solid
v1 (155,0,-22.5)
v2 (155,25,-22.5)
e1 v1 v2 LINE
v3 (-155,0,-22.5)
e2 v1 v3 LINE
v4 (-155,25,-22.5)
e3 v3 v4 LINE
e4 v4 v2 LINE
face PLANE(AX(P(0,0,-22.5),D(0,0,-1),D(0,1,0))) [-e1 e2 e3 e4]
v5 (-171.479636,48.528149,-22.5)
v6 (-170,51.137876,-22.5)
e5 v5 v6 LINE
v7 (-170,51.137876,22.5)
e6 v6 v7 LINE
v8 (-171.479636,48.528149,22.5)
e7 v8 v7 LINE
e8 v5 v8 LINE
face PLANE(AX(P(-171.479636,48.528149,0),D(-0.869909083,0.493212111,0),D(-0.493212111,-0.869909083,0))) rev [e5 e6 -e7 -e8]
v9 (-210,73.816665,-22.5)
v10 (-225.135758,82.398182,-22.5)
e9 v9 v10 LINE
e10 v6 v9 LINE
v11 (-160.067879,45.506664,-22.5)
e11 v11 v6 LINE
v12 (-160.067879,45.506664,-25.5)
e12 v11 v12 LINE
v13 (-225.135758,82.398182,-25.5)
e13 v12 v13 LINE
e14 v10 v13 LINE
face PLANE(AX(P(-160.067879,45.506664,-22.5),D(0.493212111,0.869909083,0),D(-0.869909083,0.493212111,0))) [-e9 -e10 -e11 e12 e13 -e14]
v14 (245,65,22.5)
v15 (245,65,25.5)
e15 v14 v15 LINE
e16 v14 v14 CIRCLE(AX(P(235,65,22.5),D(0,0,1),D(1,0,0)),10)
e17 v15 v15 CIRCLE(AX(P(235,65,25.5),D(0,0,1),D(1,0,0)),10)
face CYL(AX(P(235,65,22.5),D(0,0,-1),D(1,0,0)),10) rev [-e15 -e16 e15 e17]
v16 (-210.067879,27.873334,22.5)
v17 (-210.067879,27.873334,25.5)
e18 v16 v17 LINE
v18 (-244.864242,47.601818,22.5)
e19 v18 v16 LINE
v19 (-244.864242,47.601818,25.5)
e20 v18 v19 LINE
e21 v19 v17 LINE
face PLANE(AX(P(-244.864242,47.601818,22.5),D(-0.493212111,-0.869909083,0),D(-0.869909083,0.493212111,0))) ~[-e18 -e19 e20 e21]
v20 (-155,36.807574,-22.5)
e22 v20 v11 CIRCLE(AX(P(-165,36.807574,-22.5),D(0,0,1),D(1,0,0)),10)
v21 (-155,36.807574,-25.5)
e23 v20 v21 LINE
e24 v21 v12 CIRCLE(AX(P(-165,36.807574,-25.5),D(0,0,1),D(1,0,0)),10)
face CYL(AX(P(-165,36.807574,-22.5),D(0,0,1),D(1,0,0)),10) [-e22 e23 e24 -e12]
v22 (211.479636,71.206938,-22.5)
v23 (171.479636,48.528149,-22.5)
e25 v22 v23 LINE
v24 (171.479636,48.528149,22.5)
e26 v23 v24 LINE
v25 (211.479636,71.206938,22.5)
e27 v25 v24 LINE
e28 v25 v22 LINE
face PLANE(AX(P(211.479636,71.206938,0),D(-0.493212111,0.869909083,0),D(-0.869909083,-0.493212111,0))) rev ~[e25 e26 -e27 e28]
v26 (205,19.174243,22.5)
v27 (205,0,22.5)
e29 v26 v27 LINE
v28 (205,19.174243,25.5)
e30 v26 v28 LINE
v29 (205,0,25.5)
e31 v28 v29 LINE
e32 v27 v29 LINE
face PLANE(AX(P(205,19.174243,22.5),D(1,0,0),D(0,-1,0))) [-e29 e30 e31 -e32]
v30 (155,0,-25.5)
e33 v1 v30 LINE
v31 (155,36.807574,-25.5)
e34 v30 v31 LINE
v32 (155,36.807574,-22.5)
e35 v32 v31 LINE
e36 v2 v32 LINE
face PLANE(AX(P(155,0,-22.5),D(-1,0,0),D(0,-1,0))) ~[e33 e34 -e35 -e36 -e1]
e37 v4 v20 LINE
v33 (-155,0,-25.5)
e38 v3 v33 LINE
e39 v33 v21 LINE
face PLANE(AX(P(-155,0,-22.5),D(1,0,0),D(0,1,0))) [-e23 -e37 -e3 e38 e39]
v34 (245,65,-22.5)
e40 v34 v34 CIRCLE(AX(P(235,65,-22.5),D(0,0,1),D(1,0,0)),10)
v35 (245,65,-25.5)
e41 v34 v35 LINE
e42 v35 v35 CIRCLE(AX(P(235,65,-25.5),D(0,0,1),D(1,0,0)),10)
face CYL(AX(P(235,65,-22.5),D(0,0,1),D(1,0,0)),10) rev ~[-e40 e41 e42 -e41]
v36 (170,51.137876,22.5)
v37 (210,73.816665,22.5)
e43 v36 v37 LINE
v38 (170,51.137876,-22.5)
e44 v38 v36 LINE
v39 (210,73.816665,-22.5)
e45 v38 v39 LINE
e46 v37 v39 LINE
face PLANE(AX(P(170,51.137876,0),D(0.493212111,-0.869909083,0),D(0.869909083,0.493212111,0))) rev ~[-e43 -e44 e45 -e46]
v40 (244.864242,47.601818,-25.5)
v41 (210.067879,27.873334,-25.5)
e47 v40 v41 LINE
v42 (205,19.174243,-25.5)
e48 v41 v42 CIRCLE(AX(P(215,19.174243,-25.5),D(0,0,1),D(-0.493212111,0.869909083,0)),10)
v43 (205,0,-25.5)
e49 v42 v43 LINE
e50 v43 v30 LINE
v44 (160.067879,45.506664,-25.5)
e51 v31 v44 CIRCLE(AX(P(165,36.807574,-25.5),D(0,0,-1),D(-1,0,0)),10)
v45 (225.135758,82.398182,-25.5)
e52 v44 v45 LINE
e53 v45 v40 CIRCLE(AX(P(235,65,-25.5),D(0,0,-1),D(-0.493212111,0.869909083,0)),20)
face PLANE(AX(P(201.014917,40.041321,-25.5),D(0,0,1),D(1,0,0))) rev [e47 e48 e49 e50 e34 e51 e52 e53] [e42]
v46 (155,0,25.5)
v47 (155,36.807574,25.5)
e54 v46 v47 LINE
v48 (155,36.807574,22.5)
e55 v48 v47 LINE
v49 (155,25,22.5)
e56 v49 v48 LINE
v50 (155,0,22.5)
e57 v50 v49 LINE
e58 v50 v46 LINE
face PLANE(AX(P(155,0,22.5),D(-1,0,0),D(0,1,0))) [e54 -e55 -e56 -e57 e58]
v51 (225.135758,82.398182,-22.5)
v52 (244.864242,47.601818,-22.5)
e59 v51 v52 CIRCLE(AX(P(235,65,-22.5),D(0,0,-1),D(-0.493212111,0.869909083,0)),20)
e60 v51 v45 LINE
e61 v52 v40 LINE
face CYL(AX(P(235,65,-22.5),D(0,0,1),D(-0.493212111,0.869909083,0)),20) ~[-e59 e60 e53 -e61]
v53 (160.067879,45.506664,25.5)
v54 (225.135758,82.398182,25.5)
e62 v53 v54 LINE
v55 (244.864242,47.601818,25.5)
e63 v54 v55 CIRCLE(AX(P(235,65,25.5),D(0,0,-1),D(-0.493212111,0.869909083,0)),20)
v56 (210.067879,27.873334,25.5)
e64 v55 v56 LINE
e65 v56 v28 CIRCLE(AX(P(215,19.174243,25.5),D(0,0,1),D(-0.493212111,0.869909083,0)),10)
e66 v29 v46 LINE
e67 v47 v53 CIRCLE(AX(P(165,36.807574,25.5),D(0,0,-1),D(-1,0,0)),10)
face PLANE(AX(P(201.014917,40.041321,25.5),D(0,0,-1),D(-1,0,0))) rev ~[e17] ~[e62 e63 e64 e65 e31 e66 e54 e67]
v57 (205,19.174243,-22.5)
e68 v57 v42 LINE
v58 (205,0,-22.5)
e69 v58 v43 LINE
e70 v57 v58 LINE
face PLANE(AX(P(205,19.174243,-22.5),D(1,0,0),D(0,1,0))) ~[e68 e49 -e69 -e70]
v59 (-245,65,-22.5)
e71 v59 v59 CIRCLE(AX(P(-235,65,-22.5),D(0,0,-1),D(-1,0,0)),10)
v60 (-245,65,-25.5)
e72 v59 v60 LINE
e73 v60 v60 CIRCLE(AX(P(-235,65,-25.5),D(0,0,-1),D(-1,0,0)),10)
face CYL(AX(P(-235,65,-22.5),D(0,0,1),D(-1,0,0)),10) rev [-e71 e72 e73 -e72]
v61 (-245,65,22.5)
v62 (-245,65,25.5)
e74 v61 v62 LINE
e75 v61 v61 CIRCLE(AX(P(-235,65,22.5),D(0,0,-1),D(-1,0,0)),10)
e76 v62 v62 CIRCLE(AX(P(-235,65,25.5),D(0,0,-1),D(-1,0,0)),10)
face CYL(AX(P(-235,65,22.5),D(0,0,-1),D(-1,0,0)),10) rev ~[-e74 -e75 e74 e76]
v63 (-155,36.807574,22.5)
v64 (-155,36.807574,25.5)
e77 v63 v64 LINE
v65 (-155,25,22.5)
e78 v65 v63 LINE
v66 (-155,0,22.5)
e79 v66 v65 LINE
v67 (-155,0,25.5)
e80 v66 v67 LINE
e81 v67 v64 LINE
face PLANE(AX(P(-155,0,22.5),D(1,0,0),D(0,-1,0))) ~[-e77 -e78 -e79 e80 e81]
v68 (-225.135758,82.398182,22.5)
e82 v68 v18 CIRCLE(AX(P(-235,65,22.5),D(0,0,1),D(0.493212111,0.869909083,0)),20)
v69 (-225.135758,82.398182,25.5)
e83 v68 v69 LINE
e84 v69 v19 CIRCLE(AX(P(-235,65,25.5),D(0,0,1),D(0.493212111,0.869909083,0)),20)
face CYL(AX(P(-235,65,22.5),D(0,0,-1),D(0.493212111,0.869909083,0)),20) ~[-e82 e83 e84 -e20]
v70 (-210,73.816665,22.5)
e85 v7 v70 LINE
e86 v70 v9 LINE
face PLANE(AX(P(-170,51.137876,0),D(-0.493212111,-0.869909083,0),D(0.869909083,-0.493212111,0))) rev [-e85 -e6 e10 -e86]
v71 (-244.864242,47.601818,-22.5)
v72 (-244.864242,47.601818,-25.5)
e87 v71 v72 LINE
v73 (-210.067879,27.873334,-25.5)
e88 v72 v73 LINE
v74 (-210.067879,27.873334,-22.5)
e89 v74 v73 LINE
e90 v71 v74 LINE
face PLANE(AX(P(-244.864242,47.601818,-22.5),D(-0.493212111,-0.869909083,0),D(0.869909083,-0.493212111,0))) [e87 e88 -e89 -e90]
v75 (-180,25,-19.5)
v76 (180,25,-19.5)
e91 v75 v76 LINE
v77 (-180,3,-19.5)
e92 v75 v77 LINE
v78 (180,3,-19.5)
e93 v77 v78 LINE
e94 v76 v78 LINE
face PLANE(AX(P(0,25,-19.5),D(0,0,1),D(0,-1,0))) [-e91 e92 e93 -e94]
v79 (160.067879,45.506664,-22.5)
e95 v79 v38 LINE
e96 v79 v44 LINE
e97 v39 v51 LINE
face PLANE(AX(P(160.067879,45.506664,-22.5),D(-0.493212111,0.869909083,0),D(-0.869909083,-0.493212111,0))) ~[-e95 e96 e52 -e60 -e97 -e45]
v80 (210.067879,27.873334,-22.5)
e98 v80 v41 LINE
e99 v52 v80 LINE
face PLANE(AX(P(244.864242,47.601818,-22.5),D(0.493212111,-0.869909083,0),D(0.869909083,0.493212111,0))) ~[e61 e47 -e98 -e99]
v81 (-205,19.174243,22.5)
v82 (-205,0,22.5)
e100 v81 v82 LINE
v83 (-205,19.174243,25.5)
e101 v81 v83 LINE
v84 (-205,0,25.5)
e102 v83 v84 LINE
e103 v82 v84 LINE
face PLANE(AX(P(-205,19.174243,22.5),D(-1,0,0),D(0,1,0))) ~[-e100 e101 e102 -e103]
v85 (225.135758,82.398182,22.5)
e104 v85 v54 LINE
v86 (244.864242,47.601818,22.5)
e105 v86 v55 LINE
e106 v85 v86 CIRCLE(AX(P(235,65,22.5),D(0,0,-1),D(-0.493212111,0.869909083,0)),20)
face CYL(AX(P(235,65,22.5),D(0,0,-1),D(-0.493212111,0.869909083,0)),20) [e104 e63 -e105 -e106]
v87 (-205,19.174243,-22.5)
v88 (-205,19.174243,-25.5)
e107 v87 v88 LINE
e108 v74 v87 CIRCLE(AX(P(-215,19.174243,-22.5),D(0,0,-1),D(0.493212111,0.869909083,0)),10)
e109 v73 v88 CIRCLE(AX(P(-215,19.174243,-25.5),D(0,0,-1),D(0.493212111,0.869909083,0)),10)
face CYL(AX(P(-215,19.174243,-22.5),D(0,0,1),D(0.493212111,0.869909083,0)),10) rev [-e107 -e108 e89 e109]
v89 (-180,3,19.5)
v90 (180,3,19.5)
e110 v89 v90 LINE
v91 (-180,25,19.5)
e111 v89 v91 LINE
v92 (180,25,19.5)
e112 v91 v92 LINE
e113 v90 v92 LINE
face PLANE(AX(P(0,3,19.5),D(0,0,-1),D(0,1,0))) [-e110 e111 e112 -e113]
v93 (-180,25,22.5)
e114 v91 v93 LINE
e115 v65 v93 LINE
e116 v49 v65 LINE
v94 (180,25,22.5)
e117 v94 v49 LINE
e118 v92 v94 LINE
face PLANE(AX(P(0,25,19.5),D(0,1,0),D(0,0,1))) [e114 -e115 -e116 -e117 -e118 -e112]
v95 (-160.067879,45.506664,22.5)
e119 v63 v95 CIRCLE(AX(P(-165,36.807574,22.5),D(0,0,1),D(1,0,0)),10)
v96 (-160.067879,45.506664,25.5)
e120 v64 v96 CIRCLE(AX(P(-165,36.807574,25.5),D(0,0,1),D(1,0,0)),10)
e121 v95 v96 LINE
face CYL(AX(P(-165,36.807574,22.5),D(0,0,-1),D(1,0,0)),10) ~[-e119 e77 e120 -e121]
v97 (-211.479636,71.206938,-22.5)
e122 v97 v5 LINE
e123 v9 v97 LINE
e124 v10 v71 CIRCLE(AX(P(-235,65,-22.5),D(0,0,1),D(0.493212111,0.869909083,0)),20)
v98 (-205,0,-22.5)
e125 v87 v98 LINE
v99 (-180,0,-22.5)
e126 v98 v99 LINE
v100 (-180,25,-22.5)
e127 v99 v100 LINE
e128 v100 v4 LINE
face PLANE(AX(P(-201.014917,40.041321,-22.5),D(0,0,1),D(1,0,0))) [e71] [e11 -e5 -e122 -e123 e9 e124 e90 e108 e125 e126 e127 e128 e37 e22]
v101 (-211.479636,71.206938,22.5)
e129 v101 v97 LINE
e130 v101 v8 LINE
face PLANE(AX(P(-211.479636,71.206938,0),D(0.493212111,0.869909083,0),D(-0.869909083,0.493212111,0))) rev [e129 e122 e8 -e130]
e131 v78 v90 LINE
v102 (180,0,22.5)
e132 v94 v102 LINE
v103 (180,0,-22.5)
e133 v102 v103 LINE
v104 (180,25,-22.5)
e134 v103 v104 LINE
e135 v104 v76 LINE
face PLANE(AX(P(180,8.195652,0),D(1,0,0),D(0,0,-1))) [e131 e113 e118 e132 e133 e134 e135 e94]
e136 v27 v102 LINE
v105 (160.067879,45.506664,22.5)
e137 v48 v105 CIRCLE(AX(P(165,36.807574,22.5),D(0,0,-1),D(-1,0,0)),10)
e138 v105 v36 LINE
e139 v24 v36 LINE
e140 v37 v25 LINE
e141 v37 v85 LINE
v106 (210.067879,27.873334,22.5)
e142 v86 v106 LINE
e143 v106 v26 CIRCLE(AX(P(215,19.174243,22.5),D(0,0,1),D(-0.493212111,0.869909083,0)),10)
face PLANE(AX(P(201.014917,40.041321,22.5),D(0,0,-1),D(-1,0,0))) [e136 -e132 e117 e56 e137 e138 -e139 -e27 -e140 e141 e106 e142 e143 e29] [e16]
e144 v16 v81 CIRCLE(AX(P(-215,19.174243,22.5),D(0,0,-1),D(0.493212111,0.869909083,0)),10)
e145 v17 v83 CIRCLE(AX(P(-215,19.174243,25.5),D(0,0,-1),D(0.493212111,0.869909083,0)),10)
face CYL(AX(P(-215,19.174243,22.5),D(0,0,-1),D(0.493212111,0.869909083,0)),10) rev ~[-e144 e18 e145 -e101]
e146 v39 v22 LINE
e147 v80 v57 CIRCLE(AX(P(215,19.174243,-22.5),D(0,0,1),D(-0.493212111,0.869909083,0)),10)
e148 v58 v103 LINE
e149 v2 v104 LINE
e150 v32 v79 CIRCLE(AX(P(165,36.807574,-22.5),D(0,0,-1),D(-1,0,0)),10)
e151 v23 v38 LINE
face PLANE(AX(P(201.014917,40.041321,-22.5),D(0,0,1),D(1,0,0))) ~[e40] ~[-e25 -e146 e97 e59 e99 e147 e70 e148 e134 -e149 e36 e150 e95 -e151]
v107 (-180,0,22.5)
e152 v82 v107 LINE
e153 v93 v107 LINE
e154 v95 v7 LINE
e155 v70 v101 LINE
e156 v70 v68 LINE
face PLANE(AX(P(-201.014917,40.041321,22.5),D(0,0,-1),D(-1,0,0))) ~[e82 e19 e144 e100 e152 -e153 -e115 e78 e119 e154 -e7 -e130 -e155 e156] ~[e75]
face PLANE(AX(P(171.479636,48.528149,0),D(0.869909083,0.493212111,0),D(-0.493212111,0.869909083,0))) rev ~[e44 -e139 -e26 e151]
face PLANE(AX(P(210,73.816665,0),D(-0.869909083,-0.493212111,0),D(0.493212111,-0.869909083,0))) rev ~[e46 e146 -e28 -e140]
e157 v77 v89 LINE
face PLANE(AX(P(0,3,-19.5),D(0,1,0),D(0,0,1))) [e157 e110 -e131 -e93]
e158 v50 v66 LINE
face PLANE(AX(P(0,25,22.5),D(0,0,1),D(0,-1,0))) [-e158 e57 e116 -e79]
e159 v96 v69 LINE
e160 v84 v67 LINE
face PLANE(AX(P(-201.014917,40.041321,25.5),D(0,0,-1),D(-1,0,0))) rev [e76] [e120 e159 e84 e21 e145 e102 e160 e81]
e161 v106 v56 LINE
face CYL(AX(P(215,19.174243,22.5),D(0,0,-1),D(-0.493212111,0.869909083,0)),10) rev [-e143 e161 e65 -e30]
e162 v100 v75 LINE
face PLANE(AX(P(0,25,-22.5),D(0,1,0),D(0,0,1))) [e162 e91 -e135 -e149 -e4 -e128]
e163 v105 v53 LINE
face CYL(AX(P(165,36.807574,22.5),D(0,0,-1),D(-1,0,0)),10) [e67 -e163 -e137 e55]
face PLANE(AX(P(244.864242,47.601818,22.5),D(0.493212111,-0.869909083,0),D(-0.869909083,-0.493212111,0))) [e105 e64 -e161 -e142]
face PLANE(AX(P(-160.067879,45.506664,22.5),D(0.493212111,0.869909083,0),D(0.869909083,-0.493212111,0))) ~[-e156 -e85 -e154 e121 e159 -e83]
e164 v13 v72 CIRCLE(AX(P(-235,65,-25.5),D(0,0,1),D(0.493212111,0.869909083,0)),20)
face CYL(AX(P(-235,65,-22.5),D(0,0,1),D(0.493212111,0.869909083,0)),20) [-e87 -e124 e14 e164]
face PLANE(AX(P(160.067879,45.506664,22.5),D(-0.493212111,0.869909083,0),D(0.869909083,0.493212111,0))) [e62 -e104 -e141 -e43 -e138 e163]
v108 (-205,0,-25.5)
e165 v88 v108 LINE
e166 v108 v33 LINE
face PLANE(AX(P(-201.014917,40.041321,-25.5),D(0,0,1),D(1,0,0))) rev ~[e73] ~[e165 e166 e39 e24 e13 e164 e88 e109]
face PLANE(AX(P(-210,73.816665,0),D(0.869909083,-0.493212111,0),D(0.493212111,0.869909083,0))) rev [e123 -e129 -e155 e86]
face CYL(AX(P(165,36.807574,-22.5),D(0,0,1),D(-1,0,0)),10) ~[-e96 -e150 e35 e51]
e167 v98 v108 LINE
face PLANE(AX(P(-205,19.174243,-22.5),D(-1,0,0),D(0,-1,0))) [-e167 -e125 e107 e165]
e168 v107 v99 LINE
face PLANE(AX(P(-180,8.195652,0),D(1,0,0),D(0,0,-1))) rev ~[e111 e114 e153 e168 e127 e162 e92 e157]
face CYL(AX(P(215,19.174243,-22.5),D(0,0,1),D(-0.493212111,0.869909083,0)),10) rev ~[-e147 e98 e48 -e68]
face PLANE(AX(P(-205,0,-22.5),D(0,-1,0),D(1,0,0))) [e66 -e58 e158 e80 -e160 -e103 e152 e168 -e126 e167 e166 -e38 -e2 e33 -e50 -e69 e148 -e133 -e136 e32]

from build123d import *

# Parameters (mm, degrees)
EXTRUDE_1_DEPTH          = 180
SKETCH_2_R               = 10
EXTRUDE_2_DEPTH          = 3
EXTRUDE_3_DEPTH          = 22.5
MIRROR_2_COPY_1_SKETCH_R = 10
MIRROR_2_COPY_1_DEPTH    = 3


with BuildPart() as part:
    # 스케치1 → 보스-돌출1 (new, symmetric)
    with BuildSketch(Plane(origin=(0, 0, 0), x_dir=(0, 0, -1), z_dir=(1, 0, 0))):
        Polygon((22.5, 0), (22.5, 25), (19.5, 25), (19.5, 3), (-19.5, 3), (-19.5, 25), (-22.5, 25), (-22.5, 0), align=None)
    extrude(amount=EXTRUDE_1_DEPTH, both=True)

    # 스케치2 → 보스-돌출2 (add)
    with BuildSketch(Plane.XY.offset(22.5)):
        with BuildLine():
            Line((155, 0), (155, 36.807573628))
            ThreePointArc((155, 36.807573628), (156.359363128, 41.841398659), (160.067878888, 45.506664462))
            Line((160.067878888, 45.506664462), (225.135757776, 82.398181668))
            ThreePointArc((225.135757776, 82.398181668), (252.398181668, 74.864242224), (244.864242224, 47.601818332))
            Line((244.864242224, 47.601818332), (210.067878888, 27.873333884))
            ThreePointArc((210.067878888, 27.873333884), (206.359363128, 24.208068081), (205, 19.17424305))
            Line((205, 19.17424305), (205, 0))
            Line((205, 0), (155, 0))
        make_face()
        with Locations((235, 65)):
            Circle(SKETCH_2_R, mode=Mode.SUBTRACT)
    extrude_2 = extrude(amount=EXTRUDE_2_DEPTH)

    # 대칭 복사1: 보스-돌출2 across plane
    add(extrude_2.mirror(Plane.XY))

    # 스케치4 → 보스-돌출3 (add, symmetric)
    with BuildSketch(Plane.XY):
        Polygon((170, 51.137876408), (210, 73.816665289), (211.479636334, 71.206938039), (171.479636334, 48.528149158), align=None)
    extrude_3 = extrude(amount=EXTRUDE_3_DEPTH, both=True)

    # 대칭 복사2: 보스-돌출2, 보스-돌출3 across plane
    add(extrude_2.mirror(Plane(origin=(0, 0, 0), x_dir=(0, 0, 1), z_dir=(1, 0, 0))))
    add(extrude_3.mirror(Plane(origin=(0, 0, 0), x_dir=(0, 0, 1), z_dir=(1, 0, 0))))

    # 대칭 복사2 copy 1 sketch → 대칭 복사2 copy 1 (add)
    with BuildSketch(Plane(origin=(0, 0, -22.5), x_dir=(-1, 0, 0), z_dir=(0, 0, -1))):
        with BuildLine():
            Line((155, 0), (155, 36.807573628))
            ThreePointArc((155, 36.807573628), (156.359363128, 41.841398659), (160.067878888, 45.506664462))
            Line((160.067878888, 45.506664462), (225.135757776, 82.398181668))
            ThreePointArc((225.135757776, 82.398181668), (252.398181668, 74.864242224), (244.864242224, 47.601818332))
            Line((244.864242224, 47.601818332), (210.067878888, 27.873333884))
            ThreePointArc((210.067878888, 27.873333884), (206.359363128, 24.208068081), (205, 19.17424305))
            Line((205, 19.17424305), (205, 0))
            Line((205, 0), (155, 0))
        make_face()
        with Locations((235, 65)):
            Circle(MIRROR_2_COPY_1_SKETCH_R, mode=Mode.SUBTRACT)
    extrude(amount=MIRROR_2_COPY_1_DEPTH)


solid = part.part
